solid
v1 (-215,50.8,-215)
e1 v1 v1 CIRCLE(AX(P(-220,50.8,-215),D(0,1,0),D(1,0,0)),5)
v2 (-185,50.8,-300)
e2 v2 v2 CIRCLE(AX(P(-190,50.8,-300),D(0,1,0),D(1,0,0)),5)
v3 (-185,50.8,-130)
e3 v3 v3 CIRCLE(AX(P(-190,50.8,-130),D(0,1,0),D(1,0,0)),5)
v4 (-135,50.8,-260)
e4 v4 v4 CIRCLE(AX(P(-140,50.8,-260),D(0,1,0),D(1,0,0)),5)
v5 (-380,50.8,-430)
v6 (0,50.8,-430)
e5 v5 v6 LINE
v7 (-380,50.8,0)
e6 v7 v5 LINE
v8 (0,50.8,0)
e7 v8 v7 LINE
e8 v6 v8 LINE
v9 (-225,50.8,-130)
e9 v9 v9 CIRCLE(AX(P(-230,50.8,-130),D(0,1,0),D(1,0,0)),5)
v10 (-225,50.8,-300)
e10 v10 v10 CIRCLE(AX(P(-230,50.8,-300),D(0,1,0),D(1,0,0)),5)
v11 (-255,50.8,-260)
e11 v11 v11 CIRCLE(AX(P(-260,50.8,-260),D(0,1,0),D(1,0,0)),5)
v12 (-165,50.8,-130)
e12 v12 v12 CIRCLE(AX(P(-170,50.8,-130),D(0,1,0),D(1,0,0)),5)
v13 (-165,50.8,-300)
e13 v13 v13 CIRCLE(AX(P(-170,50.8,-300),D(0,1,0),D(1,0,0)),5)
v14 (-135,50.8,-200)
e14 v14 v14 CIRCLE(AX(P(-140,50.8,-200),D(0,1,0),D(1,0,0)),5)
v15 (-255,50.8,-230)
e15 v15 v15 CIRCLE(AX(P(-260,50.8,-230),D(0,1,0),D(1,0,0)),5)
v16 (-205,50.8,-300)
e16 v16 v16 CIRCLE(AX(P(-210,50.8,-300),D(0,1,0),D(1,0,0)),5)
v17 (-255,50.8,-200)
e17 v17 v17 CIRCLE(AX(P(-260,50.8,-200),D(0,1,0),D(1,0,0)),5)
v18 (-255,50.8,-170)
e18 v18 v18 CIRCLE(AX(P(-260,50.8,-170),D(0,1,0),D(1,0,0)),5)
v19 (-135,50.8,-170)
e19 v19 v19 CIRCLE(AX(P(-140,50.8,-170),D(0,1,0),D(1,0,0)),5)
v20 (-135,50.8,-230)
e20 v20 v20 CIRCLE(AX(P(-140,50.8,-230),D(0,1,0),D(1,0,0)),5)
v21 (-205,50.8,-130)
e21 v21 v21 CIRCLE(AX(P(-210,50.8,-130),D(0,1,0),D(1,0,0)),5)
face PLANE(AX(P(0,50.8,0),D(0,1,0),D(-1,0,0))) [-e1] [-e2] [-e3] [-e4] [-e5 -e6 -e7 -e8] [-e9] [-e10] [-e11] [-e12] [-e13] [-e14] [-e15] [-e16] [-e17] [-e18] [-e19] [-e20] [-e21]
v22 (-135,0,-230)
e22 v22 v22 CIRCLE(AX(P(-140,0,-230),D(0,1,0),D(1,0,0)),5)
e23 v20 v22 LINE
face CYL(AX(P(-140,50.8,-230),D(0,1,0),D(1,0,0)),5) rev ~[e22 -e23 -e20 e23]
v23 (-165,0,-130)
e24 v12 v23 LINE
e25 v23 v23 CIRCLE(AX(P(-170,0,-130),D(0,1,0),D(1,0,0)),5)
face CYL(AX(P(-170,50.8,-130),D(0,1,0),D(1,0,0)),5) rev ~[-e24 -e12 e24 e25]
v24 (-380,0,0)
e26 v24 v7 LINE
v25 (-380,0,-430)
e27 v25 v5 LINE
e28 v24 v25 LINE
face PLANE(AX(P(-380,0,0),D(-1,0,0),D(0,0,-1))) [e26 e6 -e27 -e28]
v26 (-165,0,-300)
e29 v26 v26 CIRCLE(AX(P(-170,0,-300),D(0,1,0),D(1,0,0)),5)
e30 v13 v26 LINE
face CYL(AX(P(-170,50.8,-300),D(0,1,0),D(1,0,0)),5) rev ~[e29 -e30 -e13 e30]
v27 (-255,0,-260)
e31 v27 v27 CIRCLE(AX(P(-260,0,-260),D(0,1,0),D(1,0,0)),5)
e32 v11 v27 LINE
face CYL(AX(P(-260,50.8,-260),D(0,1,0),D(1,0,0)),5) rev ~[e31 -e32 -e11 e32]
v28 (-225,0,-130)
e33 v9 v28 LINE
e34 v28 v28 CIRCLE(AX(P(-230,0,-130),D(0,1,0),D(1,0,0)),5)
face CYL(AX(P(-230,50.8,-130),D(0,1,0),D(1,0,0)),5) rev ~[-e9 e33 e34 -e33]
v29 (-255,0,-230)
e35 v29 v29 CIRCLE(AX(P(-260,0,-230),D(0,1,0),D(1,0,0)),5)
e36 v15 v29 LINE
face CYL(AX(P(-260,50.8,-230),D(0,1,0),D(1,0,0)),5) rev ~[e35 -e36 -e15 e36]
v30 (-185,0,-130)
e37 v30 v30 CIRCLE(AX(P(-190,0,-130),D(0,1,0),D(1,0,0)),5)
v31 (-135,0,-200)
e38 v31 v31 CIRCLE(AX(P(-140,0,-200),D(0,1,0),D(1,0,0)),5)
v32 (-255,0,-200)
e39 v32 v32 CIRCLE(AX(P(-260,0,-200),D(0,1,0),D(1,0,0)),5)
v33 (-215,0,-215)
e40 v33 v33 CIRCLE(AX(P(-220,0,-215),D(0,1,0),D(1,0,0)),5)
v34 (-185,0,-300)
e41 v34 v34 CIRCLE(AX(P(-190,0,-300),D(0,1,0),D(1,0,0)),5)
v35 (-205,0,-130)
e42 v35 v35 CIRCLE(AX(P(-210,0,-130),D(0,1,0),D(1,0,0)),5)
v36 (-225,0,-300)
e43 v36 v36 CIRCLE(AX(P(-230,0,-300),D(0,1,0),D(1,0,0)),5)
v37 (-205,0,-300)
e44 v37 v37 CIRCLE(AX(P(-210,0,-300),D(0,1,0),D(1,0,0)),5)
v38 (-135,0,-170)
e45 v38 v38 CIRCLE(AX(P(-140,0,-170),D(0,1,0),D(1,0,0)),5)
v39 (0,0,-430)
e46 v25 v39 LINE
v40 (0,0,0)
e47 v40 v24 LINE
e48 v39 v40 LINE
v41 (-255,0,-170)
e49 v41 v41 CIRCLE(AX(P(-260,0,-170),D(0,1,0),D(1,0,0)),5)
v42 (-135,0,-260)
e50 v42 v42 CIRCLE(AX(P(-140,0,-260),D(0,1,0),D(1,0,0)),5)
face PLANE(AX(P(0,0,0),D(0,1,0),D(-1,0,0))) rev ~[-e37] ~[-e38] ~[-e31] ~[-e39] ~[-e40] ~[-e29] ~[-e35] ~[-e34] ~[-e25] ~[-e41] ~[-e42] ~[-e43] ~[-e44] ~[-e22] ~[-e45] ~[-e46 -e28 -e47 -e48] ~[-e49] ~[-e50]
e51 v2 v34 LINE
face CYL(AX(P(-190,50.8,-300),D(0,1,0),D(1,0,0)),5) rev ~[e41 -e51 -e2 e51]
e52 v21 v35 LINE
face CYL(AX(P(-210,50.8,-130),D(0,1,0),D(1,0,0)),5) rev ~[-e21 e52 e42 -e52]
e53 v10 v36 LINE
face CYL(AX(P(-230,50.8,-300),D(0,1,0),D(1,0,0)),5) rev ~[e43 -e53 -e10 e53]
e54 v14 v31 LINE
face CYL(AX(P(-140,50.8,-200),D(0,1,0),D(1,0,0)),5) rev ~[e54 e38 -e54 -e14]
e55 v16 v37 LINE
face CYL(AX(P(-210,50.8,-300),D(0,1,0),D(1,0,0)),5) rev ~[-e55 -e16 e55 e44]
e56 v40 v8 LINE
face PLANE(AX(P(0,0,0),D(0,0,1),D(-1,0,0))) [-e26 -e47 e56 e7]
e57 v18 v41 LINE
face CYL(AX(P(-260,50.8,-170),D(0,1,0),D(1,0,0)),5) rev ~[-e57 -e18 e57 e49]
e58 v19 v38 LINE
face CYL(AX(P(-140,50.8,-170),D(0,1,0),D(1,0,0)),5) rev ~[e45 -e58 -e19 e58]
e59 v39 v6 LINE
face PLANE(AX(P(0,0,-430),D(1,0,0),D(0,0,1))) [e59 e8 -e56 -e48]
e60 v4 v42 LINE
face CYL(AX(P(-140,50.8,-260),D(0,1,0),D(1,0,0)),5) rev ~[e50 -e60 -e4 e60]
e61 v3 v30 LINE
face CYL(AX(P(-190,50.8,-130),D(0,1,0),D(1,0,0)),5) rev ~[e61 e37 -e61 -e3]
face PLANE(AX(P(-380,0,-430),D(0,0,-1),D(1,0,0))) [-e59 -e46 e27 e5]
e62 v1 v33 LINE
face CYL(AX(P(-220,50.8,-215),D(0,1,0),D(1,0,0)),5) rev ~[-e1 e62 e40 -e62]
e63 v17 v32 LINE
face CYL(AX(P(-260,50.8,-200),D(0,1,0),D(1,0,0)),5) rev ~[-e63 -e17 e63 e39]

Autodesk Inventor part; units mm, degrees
ref_plane "YZ Plane" through (0, 0, 0) normal (1, 0, 0) x (0, 1, 0)
ref_plane "XZ Plane" through (0, 0, 0) normal (0, 1, 0) x (-1, 0, 0)
ref_plane "XY Plane" through (0, 0, 0) normal (0, 0, 1) x (1, 0, 0)
sketch "Sketch1" plane through (0, 0, 0) normal (0, 1, 0) x (-1, 0, 0)
  line L0 (0, 0) -> (380, 0)
  line L1 (380, 0) -> (380, -430)
  line L2 (380, -430) -> (0, -430)
  line L3 (0, -430) -> (0, 0)
  dimension "d0" = 380
  dimension "d1" = 430
extrude "Extrusion1" add sketch "Sketch1" along normal blind 50.8
sketch "Sketch2" plane through (0, 50.8, 0) normal (0, 1, 0) x (1, 0, 0)
  circle A0 centre (-220, 215) radius 5
  line L0 (0, 430) -> (-380, 430) projected
  line L1 (0, 0) -> (0, 430) projected
  line L2 (-380, 430) -> (-380, 0) projected
  dimension "d4" = 10
  dimension "d10" = 215
  dimension "d11" = 160
extrude "Extrusion2" cut sketch "Sketch2" against normal blind 50.8
sketch "Sketch3" plane through (0, 50.8, 0) normal (0, 1, 0) x (1, 0, 0)
  circle A0 centre (-170, 130) radius 5
  line L0 (0, 0) -> (0, 430) projected
  line L1 (-380, 0) -> (0, 0) projected
  circle A1 centre (-190, 130) radius 5
  circle A2 centre (-210, 130) radius 5
  circle A3 centre (-230, 130) radius 5
  dimension "d12" = 10
  dimension "d13" = 170
  dimension "d14" = 130
  dimension "d20" = 20
extrude "Extrusion3" cut sketch "Sketch3" against normal blind 50.8
sketch "Sketch4" plane through (0, 50.8, 0) normal (0, 1, 0) x (1, 0, 0)
  circle A0 centre (-170, 300) radius 5
  line L0 (0, 0) -> (0, 430) projected
  line L1 (0, 430) -> (-380, 430) projected
  circle A1 centre (-190, 300) radius 5
  circle A2 centre (-210, 300) radius 5
  circle A3 centre (-230, 300) radius 5
  dimension "d24" = 10
  dimension "d25" = 170
  dimension "d26" = 130
  dimension "d32" = 20
extrude "Extrusion4" cut sketch "Sketch4" against normal blind 50.8
sketch "Sketch5" plane through (0, 50.8, 0) normal (0, 1, 0) x (1, 0, 0)
  circle A0 centre (-260, 170) radius 5
  line L0 (-380, 430) -> (-380, 0) projected
  line L1 (-380, 0) -> (0, 0) projected
  circle A1 centre (-140, 170) radius 5
  line L2 (0, 0) -> (0, 430) projected
  circle A2 centre (-260, 200) radius 5
  circle A3 centre (-140, 200) radius 5
  circle A4 centre (-260, 230) radius 5
  circle A5 centre (-140, 230) radius 5
  circle A6 centre (-260, 260) radius 5
  circle A7 centre (-140, 260) radius 5
  dimension "d36" = 10
  dimension "d37" = 120
  dimension "d38" = 170
  dimension "d39" = 10
  dimension "d40" = 170
  dimension "d41" = 140
  dimension "d47" = 30
extrude "Extrusion5" cut sketch "Sketch5" against normal blind 50.8
properties part number "Trasera"
